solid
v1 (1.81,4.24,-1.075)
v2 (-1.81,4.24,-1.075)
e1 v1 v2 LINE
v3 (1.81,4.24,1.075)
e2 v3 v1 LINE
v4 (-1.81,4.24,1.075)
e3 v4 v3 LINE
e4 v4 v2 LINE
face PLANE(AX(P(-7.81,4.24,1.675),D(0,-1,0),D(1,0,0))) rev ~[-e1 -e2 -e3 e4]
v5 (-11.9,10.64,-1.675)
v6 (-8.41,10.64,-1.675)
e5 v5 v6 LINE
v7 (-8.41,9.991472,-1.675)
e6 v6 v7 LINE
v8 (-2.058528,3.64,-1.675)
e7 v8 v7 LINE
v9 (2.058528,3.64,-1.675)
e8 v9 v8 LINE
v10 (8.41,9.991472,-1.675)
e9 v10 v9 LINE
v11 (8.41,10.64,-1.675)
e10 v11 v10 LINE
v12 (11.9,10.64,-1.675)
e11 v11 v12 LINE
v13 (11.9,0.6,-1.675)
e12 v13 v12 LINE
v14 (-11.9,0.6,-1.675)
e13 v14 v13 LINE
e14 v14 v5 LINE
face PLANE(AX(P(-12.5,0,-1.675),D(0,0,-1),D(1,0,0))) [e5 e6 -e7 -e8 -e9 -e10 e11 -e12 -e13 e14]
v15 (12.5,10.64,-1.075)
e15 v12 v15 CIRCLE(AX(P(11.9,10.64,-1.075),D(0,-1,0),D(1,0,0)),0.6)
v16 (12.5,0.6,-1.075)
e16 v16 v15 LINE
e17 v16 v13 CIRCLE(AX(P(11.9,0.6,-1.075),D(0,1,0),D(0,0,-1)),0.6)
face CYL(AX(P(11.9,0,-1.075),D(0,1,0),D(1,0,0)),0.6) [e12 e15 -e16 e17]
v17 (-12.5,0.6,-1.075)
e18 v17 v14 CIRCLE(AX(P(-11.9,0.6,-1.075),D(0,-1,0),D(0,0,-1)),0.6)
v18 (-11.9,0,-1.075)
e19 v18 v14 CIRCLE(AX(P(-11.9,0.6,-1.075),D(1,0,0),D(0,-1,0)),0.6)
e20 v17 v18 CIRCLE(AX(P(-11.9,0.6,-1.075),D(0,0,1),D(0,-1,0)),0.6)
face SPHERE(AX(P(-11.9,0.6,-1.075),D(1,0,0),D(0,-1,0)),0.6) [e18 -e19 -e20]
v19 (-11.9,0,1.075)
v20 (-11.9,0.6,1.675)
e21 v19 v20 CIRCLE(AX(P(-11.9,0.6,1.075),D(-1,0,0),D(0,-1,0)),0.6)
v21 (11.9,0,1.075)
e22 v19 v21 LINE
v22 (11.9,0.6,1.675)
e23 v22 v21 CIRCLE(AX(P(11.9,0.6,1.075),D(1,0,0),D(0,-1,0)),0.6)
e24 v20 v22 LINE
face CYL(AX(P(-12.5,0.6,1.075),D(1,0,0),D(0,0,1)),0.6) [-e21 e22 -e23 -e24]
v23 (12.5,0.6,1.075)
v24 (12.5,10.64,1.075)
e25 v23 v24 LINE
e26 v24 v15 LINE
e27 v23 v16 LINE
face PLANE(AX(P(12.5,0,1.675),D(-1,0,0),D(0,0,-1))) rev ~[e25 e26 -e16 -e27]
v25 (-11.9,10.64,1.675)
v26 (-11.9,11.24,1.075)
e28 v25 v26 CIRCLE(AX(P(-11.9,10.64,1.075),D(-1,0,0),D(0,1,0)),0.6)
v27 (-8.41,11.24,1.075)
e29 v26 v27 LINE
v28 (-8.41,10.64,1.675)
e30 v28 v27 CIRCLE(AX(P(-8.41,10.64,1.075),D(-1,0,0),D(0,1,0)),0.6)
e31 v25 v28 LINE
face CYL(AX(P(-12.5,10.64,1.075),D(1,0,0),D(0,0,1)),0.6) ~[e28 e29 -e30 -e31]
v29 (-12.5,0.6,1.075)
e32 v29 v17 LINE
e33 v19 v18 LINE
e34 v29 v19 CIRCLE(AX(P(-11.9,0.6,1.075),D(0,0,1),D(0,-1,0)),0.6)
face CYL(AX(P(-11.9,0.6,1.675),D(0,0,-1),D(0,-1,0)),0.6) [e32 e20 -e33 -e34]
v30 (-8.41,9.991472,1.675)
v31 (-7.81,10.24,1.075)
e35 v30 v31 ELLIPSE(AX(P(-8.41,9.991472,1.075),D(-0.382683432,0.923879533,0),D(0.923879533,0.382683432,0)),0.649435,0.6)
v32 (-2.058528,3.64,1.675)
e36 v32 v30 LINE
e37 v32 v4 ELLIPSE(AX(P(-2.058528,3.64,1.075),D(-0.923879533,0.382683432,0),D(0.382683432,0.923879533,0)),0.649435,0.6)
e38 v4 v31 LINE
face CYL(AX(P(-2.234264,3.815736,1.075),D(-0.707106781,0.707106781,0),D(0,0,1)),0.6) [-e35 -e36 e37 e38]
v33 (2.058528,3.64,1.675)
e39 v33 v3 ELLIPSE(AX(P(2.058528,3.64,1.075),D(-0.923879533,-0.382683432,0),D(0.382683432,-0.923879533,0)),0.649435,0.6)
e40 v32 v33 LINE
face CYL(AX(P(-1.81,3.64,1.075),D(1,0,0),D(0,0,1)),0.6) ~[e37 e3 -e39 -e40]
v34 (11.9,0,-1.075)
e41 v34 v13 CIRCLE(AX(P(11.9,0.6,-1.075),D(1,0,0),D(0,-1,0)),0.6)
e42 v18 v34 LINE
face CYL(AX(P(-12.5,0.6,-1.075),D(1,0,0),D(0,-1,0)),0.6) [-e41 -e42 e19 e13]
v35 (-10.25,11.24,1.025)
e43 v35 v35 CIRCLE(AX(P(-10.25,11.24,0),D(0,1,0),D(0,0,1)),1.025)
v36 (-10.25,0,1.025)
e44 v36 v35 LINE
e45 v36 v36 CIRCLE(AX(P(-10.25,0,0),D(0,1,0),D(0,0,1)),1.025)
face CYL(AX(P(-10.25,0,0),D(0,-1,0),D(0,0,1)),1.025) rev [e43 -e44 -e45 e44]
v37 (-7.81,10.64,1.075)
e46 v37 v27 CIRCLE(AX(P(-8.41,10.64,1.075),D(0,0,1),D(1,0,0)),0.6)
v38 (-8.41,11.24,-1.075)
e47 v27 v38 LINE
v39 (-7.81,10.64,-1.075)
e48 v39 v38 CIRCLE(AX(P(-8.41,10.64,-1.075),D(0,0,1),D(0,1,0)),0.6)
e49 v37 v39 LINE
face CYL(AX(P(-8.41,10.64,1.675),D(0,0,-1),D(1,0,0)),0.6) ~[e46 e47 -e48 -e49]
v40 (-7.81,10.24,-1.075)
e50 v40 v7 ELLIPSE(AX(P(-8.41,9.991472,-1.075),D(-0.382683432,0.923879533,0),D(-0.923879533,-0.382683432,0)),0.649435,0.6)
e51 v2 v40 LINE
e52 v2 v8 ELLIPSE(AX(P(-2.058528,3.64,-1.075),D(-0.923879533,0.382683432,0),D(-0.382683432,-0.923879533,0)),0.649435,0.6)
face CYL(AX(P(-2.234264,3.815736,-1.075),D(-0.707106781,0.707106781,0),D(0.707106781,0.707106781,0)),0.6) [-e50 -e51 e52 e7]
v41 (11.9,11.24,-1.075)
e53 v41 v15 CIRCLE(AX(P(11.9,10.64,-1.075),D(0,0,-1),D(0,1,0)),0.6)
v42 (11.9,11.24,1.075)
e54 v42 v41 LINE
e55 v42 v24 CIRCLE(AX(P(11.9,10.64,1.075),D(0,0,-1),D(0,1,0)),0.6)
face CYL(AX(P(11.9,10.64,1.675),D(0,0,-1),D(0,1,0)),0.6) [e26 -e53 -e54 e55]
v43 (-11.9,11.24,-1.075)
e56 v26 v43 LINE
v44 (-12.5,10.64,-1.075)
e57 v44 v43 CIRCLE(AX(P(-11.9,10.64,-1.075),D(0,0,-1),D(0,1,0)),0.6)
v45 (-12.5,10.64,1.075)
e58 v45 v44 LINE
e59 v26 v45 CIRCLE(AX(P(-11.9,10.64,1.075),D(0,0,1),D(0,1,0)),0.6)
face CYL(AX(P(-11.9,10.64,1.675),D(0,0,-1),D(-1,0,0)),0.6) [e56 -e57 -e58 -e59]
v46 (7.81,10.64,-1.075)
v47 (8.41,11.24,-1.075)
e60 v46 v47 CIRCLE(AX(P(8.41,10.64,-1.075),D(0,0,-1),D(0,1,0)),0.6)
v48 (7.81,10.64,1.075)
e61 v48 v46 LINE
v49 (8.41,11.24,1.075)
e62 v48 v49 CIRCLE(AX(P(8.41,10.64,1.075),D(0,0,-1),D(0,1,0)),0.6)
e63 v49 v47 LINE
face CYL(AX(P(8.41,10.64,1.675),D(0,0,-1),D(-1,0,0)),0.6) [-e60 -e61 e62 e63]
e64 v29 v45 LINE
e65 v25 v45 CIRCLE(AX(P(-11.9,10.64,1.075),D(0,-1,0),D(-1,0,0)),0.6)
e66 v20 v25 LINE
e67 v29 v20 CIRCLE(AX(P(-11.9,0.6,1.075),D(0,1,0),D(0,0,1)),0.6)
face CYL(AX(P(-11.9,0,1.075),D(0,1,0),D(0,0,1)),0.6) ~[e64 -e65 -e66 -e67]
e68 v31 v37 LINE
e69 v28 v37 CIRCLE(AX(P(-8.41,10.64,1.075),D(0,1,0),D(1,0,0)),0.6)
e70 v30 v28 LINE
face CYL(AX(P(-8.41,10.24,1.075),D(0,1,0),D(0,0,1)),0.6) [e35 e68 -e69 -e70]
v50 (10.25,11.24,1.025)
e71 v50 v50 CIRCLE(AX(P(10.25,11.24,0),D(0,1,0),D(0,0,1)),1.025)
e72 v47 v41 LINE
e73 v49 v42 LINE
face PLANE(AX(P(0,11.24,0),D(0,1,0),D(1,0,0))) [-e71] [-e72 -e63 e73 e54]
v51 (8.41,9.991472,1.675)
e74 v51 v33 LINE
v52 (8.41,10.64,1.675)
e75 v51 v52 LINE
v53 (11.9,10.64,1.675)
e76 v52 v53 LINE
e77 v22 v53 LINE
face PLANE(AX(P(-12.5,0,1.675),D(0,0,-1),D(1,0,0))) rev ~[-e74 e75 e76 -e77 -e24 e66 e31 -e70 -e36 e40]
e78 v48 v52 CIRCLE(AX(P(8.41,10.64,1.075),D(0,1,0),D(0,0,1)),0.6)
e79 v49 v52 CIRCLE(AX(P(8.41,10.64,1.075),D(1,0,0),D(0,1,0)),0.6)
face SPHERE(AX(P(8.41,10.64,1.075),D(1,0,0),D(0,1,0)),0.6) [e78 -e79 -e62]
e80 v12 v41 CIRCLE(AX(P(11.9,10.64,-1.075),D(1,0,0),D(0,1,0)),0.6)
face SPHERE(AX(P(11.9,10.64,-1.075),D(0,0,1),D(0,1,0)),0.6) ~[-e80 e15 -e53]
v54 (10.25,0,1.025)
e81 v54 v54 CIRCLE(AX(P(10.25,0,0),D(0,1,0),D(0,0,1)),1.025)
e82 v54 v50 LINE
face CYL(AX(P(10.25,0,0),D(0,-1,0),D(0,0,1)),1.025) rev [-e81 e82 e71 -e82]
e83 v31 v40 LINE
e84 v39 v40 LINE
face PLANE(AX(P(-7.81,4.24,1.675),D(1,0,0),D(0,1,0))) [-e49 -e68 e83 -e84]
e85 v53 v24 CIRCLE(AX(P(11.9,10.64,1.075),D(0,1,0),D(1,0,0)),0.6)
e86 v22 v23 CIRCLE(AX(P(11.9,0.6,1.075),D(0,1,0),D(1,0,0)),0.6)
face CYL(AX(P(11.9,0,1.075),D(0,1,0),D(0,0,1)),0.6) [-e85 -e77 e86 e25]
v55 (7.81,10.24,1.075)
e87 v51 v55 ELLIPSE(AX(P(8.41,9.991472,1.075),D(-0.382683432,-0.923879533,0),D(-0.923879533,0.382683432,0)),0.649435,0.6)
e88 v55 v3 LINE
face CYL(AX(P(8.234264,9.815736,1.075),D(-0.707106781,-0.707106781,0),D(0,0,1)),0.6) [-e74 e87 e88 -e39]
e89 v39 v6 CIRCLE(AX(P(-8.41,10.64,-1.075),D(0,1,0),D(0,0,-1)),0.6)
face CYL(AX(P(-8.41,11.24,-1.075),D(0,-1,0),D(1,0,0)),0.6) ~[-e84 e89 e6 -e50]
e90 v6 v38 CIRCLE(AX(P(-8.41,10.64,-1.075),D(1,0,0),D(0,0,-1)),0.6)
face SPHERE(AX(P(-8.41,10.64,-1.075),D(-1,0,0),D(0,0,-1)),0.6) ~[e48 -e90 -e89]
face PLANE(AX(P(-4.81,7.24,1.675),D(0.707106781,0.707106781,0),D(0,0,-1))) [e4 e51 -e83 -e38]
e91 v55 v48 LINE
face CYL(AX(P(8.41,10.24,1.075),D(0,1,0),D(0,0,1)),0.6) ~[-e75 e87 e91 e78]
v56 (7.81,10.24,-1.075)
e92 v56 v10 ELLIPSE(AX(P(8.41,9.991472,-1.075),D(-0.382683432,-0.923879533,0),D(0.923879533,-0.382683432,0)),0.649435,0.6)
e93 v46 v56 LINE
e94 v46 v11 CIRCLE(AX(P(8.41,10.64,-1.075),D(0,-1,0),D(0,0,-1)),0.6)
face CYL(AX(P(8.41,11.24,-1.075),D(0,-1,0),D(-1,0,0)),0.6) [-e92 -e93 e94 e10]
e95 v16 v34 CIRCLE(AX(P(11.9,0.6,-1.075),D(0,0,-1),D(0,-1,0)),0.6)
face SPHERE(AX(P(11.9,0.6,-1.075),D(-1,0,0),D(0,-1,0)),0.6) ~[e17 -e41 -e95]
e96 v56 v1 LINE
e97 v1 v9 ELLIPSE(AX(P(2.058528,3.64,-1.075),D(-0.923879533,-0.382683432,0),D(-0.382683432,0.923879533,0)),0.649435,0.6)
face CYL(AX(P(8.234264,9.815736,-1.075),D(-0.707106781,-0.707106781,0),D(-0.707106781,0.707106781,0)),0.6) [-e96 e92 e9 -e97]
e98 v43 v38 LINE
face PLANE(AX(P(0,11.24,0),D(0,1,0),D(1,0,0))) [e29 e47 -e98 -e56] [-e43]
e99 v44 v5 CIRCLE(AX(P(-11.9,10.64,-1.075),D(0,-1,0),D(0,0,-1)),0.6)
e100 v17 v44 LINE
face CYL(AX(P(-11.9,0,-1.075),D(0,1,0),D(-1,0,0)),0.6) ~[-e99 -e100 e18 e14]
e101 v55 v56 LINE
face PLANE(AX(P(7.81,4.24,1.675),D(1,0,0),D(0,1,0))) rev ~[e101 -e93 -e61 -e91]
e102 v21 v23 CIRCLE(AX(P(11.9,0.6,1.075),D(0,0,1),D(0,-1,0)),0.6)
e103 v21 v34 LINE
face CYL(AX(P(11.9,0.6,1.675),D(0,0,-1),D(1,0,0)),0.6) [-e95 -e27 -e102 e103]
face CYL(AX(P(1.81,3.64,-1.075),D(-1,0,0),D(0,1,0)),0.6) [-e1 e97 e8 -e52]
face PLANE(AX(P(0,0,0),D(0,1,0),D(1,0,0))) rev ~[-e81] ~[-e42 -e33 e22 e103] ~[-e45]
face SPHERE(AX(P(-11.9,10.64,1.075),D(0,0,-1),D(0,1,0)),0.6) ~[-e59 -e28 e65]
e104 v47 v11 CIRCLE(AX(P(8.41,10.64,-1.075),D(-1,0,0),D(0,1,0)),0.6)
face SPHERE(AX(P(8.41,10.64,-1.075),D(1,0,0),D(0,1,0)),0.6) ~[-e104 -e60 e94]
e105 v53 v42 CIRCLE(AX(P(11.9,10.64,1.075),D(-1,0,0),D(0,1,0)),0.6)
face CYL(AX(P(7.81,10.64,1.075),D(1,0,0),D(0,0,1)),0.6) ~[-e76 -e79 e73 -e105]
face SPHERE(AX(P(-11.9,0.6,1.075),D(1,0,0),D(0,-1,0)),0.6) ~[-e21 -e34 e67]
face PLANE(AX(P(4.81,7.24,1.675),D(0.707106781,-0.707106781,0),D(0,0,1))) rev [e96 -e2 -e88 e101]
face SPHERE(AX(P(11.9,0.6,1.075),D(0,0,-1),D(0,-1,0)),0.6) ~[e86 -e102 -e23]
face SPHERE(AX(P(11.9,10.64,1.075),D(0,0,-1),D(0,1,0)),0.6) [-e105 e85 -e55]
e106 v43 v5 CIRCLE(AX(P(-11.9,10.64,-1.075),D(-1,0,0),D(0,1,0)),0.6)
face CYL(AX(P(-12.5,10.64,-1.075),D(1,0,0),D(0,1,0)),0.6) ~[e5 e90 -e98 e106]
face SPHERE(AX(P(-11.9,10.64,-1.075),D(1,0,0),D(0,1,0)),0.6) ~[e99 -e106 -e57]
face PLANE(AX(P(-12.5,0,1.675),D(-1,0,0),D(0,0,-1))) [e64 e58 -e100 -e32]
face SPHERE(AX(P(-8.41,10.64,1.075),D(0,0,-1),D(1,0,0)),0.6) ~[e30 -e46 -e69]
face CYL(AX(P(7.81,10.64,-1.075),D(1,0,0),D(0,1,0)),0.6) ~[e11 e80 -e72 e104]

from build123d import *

# Parameters (mm, degrees)
SKETCH1_W              = 25
SKETCH1_H              = 3.35
SKETCH1_R              = 1.025
STANDOFF_EXTRUDE_DEPTH = 11.24
SKETCH2_W              = 15.62
SKETCH2_H              = 7
STANDOFF_CUT_DEPTH     = 18.140889709
CHAMFER1_SIZE          = 6
FILLET2_R              = 0.6


with BuildPart() as part:
    # Sketch1 → Standoff Extrude (new body)
    with BuildSketch(Plane(origin=(0, 0, 0), x_dir=(1, 0, 0), z_dir=(0, 1, 0))):
        Rectangle(SKETCH1_W, SKETCH1_H)
        with Locations(Location((-10.25, 0, 0), (0, 0, 270))):
            Circle(SKETCH1_R, mode=Mode.SUBTRACT)
        with Locations(Location((10.25, 0, 0), (0, 0, 270))):
            Circle(SKETCH1_R, mode=Mode.SUBTRACT)
    extrude(amount=STANDOFF_EXTRUDE_DEPTH)

    # Sketch2 → Standoff Cut (cut, through all)
    with BuildSketch(Plane.XY.offset(1.675)):
        with Locations((0, 7.74)):
            Rectangle(SKETCH2_W, SKETCH2_H)
    extrude(amount=-STANDOFF_CUT_DEPTH, mode=Mode.SUBTRACT)

    # Chamfer1
    chamfer1_edges = [part.edges().sort_by_distance(p)[0] for p in [
        (-7.81, 4.24, 0),
        (7.81, 4.24, 0),
    ]]
    chamfer(chamfer1_edges, length=CHAMFER1_SIZE)

    # Fillet2
    fillet2_edges = [part.edges().sort_by_distance(p)[0] for p in [
        (12.5, 11.24, 0),
        (10.155, 11.24, -1.675),
        (-10.155, 11.24, -1.675),
        (10.155, 11.24, 1.675),
        (-7.81, 10.74, -1.675),
        (-7.81, 11.24, 0),
        (7.81, 11.24, 0),
        (-7.81, 10.74, 1.675),
        (7.81, 10.74, 1.675),
        (7.81, 10.74, -1.675),
        (0, 4.24, 1.675),
        (0, 4.24, -1.675),
        (-12.5, 11.24, 0),
        (4.81, 7.24, 1.675),
        (4.81, 7.24, -1.675),
        (-4.81, 7.24, 1.675),
        (-4.81, 7.24, -1.675),
        (0, 0, -1.675),
        (12.5, 0, 0),
        (0, 0, 1.675),
        (-12.5, 0, 0),
        (-10.155, 11.24, 1.675),
        (-12.5, 5.62, -1.675),
        (12.5, 5.62, -1.675),
        (12.5, 5.62, 1.675),
        (-12.5, 5.62, 1.675),
    ]]
    fillet(fillet2_edges, radius=FILLET2_R)


solid = part.part
